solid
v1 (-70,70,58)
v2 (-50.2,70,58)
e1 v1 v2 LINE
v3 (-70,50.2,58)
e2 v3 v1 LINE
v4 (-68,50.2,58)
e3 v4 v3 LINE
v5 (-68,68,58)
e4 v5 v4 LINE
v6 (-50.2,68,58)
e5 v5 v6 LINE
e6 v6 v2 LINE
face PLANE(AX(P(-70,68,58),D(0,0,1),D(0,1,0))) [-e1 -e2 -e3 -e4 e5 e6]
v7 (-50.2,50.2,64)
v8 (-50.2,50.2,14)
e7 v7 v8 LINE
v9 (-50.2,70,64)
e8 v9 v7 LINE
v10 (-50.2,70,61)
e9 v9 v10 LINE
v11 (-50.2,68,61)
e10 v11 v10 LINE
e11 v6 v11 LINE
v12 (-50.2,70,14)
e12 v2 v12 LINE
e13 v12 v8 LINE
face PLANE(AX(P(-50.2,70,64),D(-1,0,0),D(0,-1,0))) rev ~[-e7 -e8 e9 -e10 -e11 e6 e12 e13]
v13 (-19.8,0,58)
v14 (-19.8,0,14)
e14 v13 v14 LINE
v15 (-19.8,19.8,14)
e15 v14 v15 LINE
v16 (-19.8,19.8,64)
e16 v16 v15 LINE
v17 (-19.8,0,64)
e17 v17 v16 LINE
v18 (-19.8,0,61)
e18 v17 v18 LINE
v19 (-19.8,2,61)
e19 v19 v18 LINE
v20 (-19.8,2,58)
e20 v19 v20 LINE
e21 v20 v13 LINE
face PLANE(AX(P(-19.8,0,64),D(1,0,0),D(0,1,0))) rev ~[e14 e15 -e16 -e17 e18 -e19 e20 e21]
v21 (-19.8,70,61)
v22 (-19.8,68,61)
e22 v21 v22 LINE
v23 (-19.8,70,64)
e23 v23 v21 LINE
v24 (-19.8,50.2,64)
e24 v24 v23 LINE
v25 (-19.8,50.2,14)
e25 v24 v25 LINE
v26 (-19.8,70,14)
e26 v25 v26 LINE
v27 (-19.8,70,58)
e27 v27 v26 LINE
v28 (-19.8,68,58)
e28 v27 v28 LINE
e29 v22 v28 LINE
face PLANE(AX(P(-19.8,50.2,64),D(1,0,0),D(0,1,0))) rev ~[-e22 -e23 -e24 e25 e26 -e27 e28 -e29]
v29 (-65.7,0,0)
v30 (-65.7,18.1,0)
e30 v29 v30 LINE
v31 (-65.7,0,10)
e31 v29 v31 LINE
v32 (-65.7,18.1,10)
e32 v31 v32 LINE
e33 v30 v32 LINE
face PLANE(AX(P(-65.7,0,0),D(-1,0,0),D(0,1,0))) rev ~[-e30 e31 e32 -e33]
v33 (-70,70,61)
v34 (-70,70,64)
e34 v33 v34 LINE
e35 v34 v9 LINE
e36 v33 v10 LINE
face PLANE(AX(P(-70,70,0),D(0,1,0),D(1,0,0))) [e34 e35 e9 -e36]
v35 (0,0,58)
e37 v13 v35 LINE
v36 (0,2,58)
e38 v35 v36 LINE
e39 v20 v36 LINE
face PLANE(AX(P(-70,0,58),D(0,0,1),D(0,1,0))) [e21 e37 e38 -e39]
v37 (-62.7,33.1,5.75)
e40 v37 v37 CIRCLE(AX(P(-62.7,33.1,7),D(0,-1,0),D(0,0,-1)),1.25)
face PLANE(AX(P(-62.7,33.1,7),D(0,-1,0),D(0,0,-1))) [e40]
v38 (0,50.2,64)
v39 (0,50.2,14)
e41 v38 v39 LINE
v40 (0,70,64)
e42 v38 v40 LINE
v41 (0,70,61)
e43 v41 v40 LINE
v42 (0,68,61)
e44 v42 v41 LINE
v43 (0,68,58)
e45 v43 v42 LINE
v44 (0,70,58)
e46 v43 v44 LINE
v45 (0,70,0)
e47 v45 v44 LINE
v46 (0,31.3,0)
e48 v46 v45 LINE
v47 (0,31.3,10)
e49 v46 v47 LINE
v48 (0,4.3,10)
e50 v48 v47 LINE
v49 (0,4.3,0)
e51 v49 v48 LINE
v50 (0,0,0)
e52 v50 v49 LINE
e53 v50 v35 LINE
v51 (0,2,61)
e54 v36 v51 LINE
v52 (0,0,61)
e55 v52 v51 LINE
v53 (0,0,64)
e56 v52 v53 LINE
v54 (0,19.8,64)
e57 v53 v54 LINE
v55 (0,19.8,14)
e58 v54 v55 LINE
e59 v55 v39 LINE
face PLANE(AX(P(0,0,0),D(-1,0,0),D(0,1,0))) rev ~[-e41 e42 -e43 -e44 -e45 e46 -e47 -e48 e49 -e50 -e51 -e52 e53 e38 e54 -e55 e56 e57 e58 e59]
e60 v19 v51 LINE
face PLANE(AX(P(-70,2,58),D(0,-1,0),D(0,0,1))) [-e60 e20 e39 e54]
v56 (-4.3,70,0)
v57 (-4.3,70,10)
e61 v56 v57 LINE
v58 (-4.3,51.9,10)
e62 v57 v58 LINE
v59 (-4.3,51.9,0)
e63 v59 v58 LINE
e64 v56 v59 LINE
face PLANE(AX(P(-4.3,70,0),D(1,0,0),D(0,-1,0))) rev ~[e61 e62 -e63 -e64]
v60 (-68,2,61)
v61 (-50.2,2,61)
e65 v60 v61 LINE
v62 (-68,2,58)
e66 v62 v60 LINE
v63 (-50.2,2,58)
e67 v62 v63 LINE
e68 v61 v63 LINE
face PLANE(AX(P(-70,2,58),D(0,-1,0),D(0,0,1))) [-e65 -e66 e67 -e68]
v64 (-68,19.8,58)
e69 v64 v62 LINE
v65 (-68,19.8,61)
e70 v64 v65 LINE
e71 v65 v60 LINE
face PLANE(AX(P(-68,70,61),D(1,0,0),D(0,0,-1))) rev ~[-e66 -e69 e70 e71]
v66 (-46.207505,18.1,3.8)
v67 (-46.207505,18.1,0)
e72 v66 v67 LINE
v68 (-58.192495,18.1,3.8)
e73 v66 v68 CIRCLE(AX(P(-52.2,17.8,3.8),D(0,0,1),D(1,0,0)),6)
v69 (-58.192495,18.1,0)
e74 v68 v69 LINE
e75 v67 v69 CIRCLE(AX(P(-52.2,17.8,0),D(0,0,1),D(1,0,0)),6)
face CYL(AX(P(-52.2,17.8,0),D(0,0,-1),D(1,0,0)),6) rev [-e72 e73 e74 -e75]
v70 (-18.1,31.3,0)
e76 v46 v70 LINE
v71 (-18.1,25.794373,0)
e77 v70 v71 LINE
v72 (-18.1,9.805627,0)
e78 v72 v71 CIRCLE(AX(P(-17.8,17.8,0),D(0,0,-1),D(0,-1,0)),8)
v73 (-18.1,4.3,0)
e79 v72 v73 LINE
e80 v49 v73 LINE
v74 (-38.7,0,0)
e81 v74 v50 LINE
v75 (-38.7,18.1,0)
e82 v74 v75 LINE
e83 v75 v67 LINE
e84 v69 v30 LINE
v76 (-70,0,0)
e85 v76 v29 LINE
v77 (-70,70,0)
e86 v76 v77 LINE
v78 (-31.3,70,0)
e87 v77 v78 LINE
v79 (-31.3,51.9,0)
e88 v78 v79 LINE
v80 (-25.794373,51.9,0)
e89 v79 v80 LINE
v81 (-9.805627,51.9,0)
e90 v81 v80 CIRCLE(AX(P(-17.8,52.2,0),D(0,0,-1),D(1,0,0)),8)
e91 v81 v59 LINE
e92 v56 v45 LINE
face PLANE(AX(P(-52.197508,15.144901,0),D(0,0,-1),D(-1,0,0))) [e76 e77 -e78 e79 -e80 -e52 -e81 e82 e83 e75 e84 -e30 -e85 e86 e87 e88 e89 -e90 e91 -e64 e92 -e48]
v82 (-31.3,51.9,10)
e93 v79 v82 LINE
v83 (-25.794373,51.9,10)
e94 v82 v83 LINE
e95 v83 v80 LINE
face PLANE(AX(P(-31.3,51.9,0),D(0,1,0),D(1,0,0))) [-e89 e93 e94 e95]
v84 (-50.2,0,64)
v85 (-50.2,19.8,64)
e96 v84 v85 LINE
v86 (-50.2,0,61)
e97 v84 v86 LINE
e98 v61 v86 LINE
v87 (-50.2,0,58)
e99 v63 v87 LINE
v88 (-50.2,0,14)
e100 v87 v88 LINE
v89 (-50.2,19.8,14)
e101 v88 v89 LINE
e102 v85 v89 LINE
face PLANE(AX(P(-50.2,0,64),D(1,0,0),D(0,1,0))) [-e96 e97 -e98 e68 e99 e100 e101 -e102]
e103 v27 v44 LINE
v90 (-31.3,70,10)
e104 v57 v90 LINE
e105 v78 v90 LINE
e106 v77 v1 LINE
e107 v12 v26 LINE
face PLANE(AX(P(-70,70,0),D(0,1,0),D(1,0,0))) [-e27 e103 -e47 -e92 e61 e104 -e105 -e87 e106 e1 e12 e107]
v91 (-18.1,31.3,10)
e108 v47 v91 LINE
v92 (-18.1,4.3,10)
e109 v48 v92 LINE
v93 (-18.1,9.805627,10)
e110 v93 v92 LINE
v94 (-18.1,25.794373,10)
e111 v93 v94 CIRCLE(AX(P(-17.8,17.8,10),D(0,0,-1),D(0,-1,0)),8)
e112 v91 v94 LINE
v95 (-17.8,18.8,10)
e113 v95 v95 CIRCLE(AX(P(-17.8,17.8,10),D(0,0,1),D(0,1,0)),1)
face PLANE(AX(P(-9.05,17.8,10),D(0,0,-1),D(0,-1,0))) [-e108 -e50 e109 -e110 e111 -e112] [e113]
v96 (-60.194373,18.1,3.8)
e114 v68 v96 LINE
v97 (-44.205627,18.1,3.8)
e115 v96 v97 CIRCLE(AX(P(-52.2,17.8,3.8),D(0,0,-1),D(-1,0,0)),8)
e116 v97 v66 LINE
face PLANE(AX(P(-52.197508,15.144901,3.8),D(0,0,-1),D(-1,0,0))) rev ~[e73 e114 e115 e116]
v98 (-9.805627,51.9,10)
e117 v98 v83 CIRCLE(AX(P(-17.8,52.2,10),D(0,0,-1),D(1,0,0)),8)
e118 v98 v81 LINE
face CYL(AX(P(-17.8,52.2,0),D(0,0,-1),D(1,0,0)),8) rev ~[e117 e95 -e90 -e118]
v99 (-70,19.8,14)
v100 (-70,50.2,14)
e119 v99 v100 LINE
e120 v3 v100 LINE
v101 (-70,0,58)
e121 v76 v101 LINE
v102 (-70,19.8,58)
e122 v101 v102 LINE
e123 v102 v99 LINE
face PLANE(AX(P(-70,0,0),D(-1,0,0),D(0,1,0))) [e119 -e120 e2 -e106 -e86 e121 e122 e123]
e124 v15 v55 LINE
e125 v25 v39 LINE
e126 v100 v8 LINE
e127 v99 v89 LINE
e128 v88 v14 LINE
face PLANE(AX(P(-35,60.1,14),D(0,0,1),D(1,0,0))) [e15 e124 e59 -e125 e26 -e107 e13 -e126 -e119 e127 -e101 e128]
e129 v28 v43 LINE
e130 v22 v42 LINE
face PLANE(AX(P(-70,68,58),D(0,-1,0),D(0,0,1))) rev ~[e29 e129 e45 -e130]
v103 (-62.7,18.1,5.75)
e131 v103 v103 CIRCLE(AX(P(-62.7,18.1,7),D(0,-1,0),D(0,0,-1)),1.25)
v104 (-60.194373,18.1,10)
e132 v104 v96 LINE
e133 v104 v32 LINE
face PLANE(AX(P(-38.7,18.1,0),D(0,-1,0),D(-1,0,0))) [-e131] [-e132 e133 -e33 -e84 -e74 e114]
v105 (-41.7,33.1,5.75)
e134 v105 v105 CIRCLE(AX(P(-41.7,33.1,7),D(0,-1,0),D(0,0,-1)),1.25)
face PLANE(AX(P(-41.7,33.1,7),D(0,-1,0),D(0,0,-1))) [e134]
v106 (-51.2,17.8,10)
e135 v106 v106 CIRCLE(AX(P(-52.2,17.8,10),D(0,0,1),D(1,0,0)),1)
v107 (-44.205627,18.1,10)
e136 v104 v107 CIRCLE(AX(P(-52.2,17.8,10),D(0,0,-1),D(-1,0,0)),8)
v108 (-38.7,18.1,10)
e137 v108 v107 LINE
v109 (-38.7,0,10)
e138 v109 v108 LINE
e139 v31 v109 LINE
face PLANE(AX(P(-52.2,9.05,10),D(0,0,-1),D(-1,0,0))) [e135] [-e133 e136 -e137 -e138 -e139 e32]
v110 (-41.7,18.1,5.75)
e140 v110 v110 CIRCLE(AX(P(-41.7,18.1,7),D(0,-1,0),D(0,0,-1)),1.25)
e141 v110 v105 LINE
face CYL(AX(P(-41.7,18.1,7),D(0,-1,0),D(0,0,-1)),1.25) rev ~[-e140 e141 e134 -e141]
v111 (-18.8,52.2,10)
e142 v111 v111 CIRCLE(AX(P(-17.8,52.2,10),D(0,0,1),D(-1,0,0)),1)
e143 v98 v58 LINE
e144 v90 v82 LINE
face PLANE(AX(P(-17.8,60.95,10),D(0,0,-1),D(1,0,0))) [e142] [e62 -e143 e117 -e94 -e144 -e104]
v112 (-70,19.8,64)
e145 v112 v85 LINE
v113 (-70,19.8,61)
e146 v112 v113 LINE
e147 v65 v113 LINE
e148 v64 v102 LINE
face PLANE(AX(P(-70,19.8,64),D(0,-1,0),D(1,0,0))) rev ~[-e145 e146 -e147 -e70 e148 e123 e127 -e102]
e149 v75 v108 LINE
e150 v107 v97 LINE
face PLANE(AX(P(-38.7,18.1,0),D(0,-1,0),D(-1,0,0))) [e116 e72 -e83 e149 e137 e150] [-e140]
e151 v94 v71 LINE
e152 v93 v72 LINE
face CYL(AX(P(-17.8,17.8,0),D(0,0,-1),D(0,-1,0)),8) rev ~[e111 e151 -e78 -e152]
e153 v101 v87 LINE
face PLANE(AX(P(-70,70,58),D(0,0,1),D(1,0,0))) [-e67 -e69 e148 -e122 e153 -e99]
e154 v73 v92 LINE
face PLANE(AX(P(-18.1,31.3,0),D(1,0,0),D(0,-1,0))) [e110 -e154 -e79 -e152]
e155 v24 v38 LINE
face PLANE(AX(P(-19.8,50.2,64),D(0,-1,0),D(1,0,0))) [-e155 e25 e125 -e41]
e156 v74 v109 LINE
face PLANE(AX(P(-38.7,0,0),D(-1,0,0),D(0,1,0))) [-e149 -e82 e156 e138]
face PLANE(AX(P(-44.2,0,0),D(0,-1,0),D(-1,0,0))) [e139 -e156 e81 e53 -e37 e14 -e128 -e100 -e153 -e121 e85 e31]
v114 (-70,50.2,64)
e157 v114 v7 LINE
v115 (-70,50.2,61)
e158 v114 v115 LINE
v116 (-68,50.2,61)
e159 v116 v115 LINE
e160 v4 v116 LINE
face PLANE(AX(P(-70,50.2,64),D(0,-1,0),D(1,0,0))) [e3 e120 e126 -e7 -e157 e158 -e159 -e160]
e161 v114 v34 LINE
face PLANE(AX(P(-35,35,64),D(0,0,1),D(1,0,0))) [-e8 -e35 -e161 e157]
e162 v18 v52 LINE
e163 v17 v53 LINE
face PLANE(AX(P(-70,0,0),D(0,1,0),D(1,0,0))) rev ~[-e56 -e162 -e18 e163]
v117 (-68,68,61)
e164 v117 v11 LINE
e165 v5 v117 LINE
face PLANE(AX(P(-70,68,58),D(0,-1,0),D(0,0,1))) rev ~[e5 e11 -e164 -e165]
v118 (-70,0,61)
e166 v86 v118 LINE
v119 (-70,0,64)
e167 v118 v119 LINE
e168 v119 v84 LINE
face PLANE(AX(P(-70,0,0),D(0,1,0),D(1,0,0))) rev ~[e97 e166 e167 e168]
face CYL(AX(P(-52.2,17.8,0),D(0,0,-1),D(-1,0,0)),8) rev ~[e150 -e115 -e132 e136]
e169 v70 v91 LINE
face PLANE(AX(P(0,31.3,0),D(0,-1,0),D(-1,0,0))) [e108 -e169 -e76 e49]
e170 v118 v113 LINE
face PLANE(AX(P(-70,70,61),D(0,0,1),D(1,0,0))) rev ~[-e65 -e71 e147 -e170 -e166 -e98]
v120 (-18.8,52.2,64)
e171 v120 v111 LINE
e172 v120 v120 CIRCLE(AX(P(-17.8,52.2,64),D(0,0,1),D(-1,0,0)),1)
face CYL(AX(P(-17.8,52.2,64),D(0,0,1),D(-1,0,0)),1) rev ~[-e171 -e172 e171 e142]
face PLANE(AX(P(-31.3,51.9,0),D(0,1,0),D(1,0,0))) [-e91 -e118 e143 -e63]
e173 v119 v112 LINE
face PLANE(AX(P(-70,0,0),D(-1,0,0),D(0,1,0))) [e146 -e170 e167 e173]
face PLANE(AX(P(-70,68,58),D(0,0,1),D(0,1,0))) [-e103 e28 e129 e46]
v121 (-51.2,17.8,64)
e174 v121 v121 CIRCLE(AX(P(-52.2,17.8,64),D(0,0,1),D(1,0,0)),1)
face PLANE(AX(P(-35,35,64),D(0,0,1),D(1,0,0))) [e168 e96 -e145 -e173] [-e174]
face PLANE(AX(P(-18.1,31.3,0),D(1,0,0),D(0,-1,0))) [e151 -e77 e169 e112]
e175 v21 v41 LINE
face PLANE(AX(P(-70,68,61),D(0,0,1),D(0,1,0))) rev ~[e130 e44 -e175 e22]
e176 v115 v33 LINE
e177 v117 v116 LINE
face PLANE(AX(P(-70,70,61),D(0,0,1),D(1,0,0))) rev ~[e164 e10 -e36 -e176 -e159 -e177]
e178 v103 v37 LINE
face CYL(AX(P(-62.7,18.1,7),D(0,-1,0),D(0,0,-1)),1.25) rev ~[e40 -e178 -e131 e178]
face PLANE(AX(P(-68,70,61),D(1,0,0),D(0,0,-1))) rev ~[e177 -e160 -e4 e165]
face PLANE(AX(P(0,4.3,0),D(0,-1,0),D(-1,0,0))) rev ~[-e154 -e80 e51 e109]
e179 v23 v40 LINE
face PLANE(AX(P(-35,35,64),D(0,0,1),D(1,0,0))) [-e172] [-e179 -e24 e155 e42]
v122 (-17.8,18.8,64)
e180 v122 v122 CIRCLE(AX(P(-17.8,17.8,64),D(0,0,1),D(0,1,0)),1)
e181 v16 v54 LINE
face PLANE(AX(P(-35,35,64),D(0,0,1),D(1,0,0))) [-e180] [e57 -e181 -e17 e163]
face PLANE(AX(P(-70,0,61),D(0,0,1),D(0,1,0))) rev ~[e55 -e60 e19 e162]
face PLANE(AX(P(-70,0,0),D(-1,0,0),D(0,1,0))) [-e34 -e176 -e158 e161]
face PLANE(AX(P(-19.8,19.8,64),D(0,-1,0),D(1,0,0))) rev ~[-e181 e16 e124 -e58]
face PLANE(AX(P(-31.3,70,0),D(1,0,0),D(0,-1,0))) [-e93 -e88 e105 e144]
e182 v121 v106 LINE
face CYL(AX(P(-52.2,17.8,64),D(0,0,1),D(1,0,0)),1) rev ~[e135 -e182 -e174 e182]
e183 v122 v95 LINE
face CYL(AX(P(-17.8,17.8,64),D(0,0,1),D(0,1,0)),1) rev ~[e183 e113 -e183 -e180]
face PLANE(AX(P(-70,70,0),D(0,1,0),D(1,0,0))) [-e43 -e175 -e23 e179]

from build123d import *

# Parameters (mm, degrees)
ESQUISSE1_W                  = 70
ESQUISSE1_H                  = 70
BOSS_EXTRU_1_DEPTH           = 64
ESQUISSE2_W                  = 30.4
ESQUISSE2_H                  = 19.8
ESQUISSE2_H_2                = 30.4
ESQUISSE2_W_2                = 19.8
ENL_V_MAT_EXTRU_1_DEPTH      = 50
ESQUISSE5_W                  = 3
ESQUISSE5_H                  = 2
ENL_V_MAT_EXTRU_3_DEPTH      = 71
ESQUISSE6_W                  = 2
ESQUISSE6_H                  = 3
ENL_V_MAT_EXTRU_4_DEPTH      = 71
ESQUISSE7_R                  = 1
ENL_V_MAT_EXTRU_5_DEPTH      = 65
ENL_V_MAT_EXTRU_7_DEPTH      = 10
BOSS_EXTRU_2_DEPTH           = 3.8
ESQUISSE10_W                 = 27
ESQUISSE10_H                 = 18.1
ENL_V_MAT_EXTRU_8_DEPTH      = 10
ESQUISSE11_R                 = 1.25
ENL_V_MAT_EXTRU_9_DEPTH      = 15
R_P_TITION_CIRCULAIRE1_COUNT = 3
R_P_TITION_CIRCULAIRE1_ANGLE = 180


with BuildPart() as part:
    # Esquisse1 → Boss.-Extru.1 (new body)
    with BuildSketch(Plane.XY):
        with Locations((-35, 35)):
            Rectangle(ESQUISSE1_W, ESQUISSE1_H)
    extrude(amount=BOSS_EXTRU_1_DEPTH)

    # Esquisse2 → Enlèv. mat.-Extru.1 (cut)
    with BuildSketch(Plane.XY.offset(64)):
        with Locations((-35, 60.1)):
            Rectangle(ESQUISSE2_W, ESQUISSE2_H)
        with Locations((-35, 35)):
            Rectangle(ESQUISSE2_W, ESQUISSE2_H_2)
        with Locations((-9.9, 35)):
            Rectangle(ESQUISSE2_W_2, ESQUISSE2_H_2)
        with Locations((-60.1, 35)):
            Rectangle(ESQUISSE2_W_2, ESQUISSE2_H_2)
        with Locations((-35, 9.9)):
            Rectangle(ESQUISSE2_W, ESQUISSE2_H)
    extrude(amount=-ENL_V_MAT_EXTRU_1_DEPTH, mode=Mode.SUBTRACT)

    # Esquisse5 → Enlèv. mat.-Extru.3 (cut, through all)
    with BuildSketch(Plane.ZY.offset(70)):
        with Locations((59.5, 69)):
            Rectangle(ESQUISSE5_W, ESQUISSE5_H)
        with Locations((59.5, 1)):
            Rectangle(ESQUISSE5_W, ESQUISSE5_H)
    extrude(amount=-ENL_V_MAT_EXTRU_3_DEPTH, mode=Mode.SUBTRACT)

    # Esquisse6 → Enlèv. mat.-Extru.4 (cut, through all)
    with BuildSketch(Plane(origin=(0, 70, 0), x_dir=(1, 0, 0), z_dir=(0, 1, 0))):
        with Locations((-69, -59.5)):
            Rectangle(ESQUISSE6_W, ESQUISSE6_H)
    extrude(amount=-ENL_V_MAT_EXTRU_4_DEPTH, mode=Mode.SUBTRACT)

    # Esquisse7 → Enlèv. mat.-Extru.5 (cut, through all)
    with BuildSketch(Plane.XY.offset(64)):
        with Locations((-52.2, 17.8)):
            Circle(ESQUISSE7_R)
    enl_v_mat_extru_5 = extrude(amount=-ENL_V_MAT_EXTRU_5_DEPTH, mode=Mode.SUBTRACT)

    # Esquisse8 → Enlèv. mat.-Extru.7 (cut)
    with BuildSketch(Plane(origin=(0, 0, 0), x_dir=(-1, 0, 0), z_dir=(0, 0, -1))):
        with BuildLine():
            Line((60.2, 0), (60.2, 17.8))
            ThreePointArc((60.2, 17.8), (52.2, 9.8), (44.2, 17.8))
            Line((44.2, 17.8), (44.2, 0))
            Line((44.2, 0), (60.2, 0))
        make_face()
        with BuildLine():
            ThreePointArc((44.2, 17.8), (52.2, 9.8), (60.2, 17.8))
            Line((60.2, 17.8), (53.2, 17.8))
            ThreePointArc((53.2, 17.8), (52.2, 16.8), (51.2, 17.8))
            Line((51.2, 17.8), (44.2, 17.8))
        make_face()
        with BuildLine():
            Line((53.2, 17.8), (60.2, 17.8))
            ThreePointArc((60.2, 17.8), (52.2, 25.8), (44.2, 17.8))
            Line((44.2, 17.8), (51.2, 17.8))
            ThreePointArc((51.2, 17.8), (52.2, 18.8), (53.2, 17.8))
        make_face()
    enl_v_mat_extru_7 = extrude(amount=-ENL_V_MAT_EXTRU_7_DEPTH, mode=Mode.SUBTRACT)

    # Esquisse9 → Boss.-Extru.2 (add)
    with BuildSketch(Plane(origin=(0, 0, 0), x_dir=(-1, 0, 0), z_dir=(0, 0, -1))):
        with BuildLine():
            Line((46.2, 0), (46.2, 17.8))
            ThreePointArc((46.2, 17.8), (52.2, 23.8), (58.2, 17.8))
            Line((58.2, 17.8), (58.2, 0))
            Line((58.2, 0), (60.2, 0))
            Line((60.2, 0), (60.2, 17.8))
            Line((60.2, 17.8), (60.175717696, 28.742363645))
            Line((60.175717696, 28.742363645), (44.2, 28.742363645))
            Line((44.2, 28.742363645), (44.2, 0))
            Line((44.2, 0), (46.2, 0))
        make_face()
    extrude(amount=-BOSS_EXTRU_2_DEPTH)

    # Esquisse10 → Enlèv. mat.-Extru.8 (cut)
    with BuildSketch(Plane(origin=(0, 0, 0), x_dir=(-1, 0, 0), z_dir=(0, 0, -1))):
        with Locations((52.2, 9.05)):
            Rectangle(ESQUISSE10_W, ESQUISSE10_H)
    enl_v_mat_extru_8 = extrude(amount=-ENL_V_MAT_EXTRU_8_DEPTH, mode=Mode.SUBTRACT)

    # Esquisse11 → Enlèv. mat.-Extru.9 (cut)
    with BuildSketch(Plane.XZ.offset(-18.1)):
        with Locations(Location((-41.7, 7, 0), (0, 0, 270))):  # turned: the seam where the file's is
            Circle(ESQUISSE11_R)
        with Locations(Location((-62.7, 7, 0), (0, 0, 270))):  # turned: the seam where the file's is
            Circle(ESQUISSE11_R)
    extrude(amount=-ENL_V_MAT_EXTRU_9_DEPTH, mode=Mode.SUBTRACT)

    # Répétition circulaire1: Enlèv. mat.-Extru.5, Enlèv. mat.-Extru.7, Enlèv. mat.-Extru.8 ×3 about axis
    r_p_tition_circulaire1_axis = Axis((-35, 35, 0), (0, 0, 1))
    add([enl_v_mat_extru_5.rotate(r_p_tition_circulaire1_axis, i * R_P_TITION_CIRCULAIRE1_ANGLE / (R_P_TITION_CIRCULAIRE1_COUNT - 1)) for i in range(1, R_P_TITION_CIRCULAIRE1_COUNT)], mode=Mode.SUBTRACT)
    add([enl_v_mat_extru_7.rotate(r_p_tition_circulaire1_axis, i * R_P_TITION_CIRCULAIRE1_ANGLE / (R_P_TITION_CIRCULAIRE1_COUNT - 1)) for i in range(1, R_P_TITION_CIRCULAIRE1_COUNT)], mode=Mode.SUBTRACT)
    add([enl_v_mat_extru_8.rotate(r_p_tition_circulaire1_axis, i * R_P_TITION_CIRCULAIRE1_ANGLE / (R_P_TITION_CIRCULAIRE1_COUNT - 1)) for i in range(1, R_P_TITION_CIRCULAIRE1_COUNT)], mode=Mode.SUBTRACT)


solid = part.part
